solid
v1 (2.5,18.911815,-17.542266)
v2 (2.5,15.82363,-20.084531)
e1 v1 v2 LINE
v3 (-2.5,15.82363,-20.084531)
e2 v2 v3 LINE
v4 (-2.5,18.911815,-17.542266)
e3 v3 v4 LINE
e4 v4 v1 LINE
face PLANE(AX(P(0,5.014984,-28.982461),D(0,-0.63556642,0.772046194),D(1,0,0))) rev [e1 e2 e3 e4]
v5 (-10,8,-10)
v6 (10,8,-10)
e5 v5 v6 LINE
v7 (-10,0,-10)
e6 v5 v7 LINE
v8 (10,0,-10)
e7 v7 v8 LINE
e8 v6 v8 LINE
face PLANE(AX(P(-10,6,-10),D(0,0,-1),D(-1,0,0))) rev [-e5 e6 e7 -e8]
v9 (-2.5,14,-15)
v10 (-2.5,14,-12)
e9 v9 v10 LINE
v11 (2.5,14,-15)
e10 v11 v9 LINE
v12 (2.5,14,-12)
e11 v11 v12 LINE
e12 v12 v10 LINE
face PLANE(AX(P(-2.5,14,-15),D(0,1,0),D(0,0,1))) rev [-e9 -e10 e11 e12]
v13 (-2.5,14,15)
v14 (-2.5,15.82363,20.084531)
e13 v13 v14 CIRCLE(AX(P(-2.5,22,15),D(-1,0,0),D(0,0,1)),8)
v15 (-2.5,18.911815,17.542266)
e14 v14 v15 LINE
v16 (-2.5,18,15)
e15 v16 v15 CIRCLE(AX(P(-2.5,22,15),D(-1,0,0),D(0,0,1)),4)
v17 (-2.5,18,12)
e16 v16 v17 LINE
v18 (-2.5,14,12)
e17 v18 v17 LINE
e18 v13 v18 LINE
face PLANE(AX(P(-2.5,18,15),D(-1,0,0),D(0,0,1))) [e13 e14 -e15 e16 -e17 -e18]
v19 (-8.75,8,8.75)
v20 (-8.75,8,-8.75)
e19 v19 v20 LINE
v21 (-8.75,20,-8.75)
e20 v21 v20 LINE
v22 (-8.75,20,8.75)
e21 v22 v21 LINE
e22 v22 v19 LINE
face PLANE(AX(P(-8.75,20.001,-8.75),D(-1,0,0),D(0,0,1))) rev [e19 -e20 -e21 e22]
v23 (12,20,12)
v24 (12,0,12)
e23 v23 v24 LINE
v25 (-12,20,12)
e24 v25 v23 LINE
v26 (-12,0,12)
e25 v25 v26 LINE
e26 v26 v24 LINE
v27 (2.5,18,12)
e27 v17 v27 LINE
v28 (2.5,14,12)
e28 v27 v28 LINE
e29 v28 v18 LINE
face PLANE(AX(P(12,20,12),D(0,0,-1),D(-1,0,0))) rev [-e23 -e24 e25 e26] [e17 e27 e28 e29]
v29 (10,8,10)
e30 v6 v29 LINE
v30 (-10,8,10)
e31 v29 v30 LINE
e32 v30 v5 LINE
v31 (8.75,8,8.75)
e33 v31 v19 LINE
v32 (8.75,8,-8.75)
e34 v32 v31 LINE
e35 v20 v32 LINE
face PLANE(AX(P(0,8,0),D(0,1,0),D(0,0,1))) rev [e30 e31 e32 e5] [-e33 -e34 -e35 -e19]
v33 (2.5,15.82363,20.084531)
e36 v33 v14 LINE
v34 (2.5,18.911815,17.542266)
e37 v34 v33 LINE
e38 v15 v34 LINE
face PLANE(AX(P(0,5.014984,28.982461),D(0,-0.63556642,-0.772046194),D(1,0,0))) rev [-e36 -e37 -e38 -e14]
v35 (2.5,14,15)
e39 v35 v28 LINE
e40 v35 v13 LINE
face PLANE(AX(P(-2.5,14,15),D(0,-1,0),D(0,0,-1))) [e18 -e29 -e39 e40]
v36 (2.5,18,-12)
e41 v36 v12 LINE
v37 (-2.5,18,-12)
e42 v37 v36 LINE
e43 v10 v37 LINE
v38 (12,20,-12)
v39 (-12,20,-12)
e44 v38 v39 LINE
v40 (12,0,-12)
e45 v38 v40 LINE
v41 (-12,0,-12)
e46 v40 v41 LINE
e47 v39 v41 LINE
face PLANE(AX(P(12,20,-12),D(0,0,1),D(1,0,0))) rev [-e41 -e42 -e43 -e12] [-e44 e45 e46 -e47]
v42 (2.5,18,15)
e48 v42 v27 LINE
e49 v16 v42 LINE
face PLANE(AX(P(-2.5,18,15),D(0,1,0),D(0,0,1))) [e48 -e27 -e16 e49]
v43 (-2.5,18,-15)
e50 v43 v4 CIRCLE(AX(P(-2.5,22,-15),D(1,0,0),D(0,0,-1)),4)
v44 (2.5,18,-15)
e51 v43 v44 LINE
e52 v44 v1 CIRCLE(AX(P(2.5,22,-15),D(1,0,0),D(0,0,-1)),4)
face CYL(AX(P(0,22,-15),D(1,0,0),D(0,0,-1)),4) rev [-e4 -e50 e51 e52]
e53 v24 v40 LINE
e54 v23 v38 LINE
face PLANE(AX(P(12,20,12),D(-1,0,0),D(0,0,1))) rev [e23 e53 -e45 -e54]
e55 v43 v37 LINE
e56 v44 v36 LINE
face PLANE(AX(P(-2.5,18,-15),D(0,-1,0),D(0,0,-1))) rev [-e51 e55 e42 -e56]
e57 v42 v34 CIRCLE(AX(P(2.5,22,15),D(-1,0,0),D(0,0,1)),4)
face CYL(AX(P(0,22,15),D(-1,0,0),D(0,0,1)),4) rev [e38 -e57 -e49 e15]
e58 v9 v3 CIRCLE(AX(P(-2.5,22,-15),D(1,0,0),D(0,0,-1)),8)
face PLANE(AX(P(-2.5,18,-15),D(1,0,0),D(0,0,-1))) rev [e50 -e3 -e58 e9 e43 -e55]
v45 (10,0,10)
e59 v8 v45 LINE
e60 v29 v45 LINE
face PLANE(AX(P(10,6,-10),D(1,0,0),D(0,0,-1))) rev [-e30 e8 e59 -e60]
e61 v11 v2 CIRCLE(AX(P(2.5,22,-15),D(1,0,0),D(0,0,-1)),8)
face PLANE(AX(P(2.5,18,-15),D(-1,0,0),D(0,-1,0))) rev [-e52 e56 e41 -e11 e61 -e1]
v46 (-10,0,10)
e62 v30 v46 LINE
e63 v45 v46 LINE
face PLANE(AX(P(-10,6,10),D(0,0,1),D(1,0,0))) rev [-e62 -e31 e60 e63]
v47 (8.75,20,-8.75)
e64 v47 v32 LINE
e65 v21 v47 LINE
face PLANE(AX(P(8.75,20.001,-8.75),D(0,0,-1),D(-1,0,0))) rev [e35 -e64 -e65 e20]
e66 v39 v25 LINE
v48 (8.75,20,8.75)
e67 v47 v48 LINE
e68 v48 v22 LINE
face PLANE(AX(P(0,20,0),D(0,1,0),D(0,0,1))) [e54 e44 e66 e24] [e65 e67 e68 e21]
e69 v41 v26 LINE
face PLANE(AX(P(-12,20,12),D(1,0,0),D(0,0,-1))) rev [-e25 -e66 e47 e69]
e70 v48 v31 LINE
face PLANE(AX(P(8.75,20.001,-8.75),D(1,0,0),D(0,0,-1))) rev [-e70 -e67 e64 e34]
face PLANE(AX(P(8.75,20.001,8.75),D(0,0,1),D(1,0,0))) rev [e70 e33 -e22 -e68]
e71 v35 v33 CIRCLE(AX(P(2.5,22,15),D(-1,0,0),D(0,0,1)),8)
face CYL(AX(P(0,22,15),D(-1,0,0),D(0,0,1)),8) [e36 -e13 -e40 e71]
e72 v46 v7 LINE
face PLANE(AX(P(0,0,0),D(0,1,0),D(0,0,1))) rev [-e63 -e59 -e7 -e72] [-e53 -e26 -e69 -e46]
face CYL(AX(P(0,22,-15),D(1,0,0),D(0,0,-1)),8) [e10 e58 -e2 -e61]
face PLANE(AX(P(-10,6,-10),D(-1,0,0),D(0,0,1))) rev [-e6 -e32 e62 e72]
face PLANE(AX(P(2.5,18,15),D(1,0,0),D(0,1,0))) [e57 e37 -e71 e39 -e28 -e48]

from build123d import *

# Parameters (mm, degrees)
SKETCH1_W           = 24
SKETCH1_H           = 24
BOSS_EXTRUDE1_DEPTH = 20
SKETCH5_W           = 5
SKETCH5_H           = 4
SKETCH3_W           = 20
SKETCH3_H           = 20
CUT_EXTRUDE5_DEPTH  = 6
SKETCH14_W          = 20
SKETCH14_H          = 20
CUT_EXTRUDE6_DEPTH  = 2
CUT_EXTRUDE7_REACH  = 14
SKETCH15_W          = 17.5
SKETCH15_H          = 17.5


with BuildPart() as part:
    # Sketch1 → Boss-Extrude1 (new body)
    with BuildSketch(Plane(origin=(0, 0, 0), x_dir=(1, 0, 0), z_dir=(0, 1, 0))):
        Rectangle(SKETCH1_W, SKETCH1_H)
    extrude(amount=BOSS_EXTRUDE1_DEPTH)

    # Sweep1: sweep along a path in Sketch6
    with BuildLine(Plane(origin=(0, 0, 0), x_dir=(0, 0, -1), z_dir=(1, 0, 0))) as sweep1_path:
        Line((12, 16), (15, 16))
        ThreePointArc((15, 16), (17.025627927, 16.352272006), (18.813398517, 17.367722833))
    # Sketch5 → Sweep1 (sweep)
    with BuildSketch(Plane(origin=(0, 0, -12), x_dir=(-1, 0, 0), z_dir=(0, 0, -1))):
        with Locations((0, 16)):
            Rectangle(SKETCH5_W, SKETCH5_H)
    sweep1 = sweep(path=sweep1_path.line)

    # Mirror1: Sweep1 across plane
    add(sweep1.mirror(Plane.XY))

    # Sketch3 → Cut-Extrude5 (cut)
    with BuildSketch(Plane.XZ):
        Rectangle(SKETCH3_W, SKETCH3_H)
    extrude(amount=-CUT_EXTRUDE5_DEPTH, mode=Mode.SUBTRACT)

    # Sketch14 → Cut-Extrude6 (cut)
    with BuildSketch(Plane.XZ.offset(-6)):
        Rectangle(SKETCH14_W, SKETCH14_H)
    extrude(amount=-CUT_EXTRUDE6_DEPTH, mode=Mode.SUBTRACT)

    # Sketch15 → Cut-Extrude7 (cut, up to next)
    with BuildSketch(Plane.XZ.offset(-8), mode=Mode.PRIVATE) as cut_extrude7_sk1:
        Rectangle(SKETCH15_W, SKETCH15_H)
    cut_extrude7_tool1 = extrude(cut_extrude7_sk1.sketch, amount=-CUT_EXTRUDE7_REACH, mode=Mode.PRIVATE) & part.part
    add(cut_extrude7_tool1.solids().sort_by_distance((0, 8, 0))[0], mode=Mode.SUBTRACT)


solid = part.part
